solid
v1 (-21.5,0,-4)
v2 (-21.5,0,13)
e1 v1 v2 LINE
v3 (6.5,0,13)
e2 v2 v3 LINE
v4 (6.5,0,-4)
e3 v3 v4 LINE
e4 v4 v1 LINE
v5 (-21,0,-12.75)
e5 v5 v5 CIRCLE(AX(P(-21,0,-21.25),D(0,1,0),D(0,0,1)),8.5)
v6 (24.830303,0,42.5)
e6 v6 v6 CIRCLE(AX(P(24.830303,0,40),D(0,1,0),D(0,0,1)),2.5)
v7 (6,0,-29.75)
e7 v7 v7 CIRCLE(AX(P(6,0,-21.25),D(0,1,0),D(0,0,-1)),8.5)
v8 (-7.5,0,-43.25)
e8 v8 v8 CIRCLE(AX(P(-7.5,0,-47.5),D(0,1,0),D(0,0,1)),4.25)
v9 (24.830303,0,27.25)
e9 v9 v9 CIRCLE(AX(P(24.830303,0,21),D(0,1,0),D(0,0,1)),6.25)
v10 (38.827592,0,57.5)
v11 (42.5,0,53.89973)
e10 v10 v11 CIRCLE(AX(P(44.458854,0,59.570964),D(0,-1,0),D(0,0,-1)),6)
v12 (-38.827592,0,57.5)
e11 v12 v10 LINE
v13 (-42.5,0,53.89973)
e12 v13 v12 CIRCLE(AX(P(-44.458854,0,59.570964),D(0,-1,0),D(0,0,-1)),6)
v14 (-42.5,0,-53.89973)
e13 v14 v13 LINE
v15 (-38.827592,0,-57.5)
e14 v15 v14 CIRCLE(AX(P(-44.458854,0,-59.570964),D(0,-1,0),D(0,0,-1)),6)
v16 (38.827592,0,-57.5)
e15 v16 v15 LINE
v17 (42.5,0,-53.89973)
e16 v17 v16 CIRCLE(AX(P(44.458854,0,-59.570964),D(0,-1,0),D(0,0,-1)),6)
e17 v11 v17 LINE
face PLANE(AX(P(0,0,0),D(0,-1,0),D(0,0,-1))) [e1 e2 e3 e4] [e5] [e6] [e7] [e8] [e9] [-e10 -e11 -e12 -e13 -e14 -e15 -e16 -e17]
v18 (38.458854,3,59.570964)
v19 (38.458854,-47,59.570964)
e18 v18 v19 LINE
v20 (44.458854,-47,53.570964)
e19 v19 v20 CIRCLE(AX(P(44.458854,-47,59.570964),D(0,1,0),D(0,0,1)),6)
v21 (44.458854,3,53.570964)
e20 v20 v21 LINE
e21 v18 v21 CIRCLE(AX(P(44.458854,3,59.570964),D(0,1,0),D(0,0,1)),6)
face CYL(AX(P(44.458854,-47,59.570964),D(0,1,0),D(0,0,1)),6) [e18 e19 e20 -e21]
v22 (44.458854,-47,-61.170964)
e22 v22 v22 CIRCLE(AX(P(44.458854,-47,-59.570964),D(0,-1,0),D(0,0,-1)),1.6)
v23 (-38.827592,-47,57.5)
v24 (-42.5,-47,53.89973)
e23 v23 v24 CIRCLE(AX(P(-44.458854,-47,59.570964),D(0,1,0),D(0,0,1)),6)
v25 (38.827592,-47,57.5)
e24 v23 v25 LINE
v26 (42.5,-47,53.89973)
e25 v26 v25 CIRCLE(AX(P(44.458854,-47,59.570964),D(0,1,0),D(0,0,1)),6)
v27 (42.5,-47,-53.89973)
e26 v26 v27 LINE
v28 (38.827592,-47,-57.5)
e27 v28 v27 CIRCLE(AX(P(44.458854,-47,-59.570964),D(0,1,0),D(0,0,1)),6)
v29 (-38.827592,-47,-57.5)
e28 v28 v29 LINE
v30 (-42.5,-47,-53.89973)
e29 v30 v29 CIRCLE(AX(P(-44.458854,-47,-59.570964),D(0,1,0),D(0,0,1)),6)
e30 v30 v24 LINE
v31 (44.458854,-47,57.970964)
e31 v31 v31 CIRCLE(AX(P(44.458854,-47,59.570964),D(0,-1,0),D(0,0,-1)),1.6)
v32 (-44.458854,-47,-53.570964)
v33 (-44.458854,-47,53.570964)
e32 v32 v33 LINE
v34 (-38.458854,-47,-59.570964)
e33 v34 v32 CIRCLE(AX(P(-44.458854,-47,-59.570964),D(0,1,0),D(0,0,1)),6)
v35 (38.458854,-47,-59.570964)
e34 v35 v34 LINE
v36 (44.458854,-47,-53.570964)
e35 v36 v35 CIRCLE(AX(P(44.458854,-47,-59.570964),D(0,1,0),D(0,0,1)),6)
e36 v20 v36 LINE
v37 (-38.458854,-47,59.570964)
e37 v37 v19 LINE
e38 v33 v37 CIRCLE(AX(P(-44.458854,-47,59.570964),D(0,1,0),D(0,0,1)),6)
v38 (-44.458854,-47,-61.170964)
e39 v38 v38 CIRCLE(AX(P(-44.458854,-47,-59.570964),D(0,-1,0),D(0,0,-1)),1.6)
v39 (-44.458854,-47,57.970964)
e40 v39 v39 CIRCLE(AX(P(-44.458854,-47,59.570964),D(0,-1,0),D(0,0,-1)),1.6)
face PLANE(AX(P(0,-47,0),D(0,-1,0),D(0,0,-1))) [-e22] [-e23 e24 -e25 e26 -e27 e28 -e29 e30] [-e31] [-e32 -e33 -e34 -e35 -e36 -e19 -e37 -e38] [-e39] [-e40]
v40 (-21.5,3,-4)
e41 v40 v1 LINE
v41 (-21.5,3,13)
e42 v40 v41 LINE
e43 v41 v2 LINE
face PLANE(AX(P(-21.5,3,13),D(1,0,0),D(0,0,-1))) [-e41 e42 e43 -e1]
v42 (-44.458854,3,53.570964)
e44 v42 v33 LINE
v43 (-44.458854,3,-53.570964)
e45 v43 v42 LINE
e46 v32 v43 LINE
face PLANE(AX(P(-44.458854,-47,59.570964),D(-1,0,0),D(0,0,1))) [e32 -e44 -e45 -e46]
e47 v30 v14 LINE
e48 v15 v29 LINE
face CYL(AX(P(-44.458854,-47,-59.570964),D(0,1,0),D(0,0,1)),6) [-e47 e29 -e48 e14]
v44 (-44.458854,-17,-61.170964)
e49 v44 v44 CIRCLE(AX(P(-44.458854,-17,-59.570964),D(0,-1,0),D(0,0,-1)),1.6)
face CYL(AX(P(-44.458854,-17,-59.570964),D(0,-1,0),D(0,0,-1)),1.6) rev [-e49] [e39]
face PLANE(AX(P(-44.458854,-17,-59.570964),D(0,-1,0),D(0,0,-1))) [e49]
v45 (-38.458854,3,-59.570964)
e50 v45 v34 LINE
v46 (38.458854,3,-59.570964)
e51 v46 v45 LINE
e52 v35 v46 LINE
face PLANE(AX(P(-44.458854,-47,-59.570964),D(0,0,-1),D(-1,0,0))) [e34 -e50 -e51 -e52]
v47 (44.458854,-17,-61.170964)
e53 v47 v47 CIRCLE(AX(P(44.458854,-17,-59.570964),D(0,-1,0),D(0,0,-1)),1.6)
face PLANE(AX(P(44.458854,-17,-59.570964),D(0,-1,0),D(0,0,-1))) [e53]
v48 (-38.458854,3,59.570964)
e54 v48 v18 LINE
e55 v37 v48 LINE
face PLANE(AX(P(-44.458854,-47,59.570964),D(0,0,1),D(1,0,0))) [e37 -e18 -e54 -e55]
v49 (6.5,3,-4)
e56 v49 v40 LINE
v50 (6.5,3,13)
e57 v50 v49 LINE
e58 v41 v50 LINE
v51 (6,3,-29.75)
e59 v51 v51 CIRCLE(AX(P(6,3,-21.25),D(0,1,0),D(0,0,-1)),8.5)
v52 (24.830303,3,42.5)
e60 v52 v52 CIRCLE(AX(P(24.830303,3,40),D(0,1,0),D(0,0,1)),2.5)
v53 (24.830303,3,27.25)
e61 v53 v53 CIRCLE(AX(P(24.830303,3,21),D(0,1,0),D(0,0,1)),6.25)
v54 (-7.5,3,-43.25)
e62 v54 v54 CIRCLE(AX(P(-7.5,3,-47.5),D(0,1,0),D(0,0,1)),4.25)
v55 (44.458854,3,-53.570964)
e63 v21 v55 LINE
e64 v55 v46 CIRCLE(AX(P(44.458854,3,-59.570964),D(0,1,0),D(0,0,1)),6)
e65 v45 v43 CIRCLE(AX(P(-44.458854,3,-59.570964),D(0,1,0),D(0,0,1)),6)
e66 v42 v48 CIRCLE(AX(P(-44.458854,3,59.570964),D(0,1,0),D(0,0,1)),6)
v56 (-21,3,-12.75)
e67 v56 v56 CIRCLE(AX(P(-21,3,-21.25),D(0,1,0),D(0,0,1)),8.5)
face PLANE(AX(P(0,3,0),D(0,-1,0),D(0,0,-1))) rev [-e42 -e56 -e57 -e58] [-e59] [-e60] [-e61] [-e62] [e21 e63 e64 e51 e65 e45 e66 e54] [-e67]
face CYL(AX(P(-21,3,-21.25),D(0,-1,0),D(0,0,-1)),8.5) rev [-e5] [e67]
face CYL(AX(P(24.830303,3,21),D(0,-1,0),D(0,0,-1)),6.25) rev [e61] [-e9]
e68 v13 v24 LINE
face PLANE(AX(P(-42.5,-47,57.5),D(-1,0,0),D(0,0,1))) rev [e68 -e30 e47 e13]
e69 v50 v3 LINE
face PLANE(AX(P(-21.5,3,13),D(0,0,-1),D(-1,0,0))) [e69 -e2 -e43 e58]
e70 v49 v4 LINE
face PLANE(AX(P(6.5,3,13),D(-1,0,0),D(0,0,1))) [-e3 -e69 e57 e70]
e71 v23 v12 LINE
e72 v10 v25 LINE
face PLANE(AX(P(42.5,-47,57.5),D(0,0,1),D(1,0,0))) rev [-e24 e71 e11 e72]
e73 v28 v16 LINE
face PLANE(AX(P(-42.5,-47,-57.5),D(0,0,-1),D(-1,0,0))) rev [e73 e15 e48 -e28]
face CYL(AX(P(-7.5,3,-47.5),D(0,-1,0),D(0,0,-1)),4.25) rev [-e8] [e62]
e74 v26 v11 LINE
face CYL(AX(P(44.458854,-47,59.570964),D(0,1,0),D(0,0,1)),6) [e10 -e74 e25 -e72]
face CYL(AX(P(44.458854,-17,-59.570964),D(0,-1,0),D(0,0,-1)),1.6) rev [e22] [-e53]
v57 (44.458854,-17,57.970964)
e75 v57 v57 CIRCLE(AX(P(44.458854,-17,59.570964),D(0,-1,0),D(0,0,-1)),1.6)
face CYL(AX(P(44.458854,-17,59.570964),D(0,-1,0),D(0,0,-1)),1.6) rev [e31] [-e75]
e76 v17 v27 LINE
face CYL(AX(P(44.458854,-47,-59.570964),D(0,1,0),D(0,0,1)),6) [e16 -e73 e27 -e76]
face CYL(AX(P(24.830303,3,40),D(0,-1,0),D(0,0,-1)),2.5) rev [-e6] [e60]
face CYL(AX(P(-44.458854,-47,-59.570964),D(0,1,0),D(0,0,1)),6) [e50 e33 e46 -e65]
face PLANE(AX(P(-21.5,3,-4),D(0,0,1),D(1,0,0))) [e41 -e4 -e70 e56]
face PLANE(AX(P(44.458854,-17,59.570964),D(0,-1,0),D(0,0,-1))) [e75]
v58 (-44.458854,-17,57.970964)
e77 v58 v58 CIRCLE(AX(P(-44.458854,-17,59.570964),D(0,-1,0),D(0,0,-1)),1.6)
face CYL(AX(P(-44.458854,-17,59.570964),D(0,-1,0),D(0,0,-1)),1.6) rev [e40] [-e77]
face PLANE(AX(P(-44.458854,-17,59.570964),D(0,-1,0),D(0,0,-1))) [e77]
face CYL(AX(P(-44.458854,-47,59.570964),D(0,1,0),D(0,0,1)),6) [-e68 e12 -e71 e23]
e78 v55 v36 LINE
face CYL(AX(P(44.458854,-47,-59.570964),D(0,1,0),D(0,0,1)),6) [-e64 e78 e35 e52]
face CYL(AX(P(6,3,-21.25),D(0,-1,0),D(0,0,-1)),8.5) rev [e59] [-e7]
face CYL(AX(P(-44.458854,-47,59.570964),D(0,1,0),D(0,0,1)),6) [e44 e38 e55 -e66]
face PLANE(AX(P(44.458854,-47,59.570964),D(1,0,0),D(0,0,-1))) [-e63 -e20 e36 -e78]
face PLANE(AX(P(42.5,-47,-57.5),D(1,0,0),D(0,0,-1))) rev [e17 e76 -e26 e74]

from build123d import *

# Parameters (mm, degrees)
SKETCH1_W           = 85
SKETCH1_H           = 115
SKETCH1_R           = 4.25
SKETCH1_R_2         = 8.5
SKETCH1_R_3         = 6.25
SKETCH1_R_4         = 2.5
SKETCH1_W_2         = 28
SKETCH1_H_2         = 17
BOSS_EXTRUDE1_DEPTH = 3
SKETCH2_W           = 88.917707464
SKETCH2_H           = 119.141928202
SKETCH2_W_2         = 85
SKETCH2_H_2         = 115
BOSS_EXTRUDE2_DEPTH = 50
SKETCH3_R           = 6
BOSS_EXTRUDE3_DEPTH = 50
SKETCH5_R           = 1.6
CUT_EXTRUDE1_DEPTH  = 30


with BuildPart() as part:
    # Sketch1 → Boss-Extrude1 (new body)
    with BuildSketch(Plane(origin=(0, 0, 0), x_dir=(1, 0, 0), z_dir=(0, 1, 0))):
        Rectangle(SKETCH1_W, SKETCH1_H)
        with Locations((-7.5, 47.5)):
            Circle(SKETCH1_R, mode=Mode.SUBTRACT)
        with Locations((-21, 21.25)):
            Circle(SKETCH1_R_2, mode=Mode.SUBTRACT)
        with Locations((6, 21.25)):
            Circle(SKETCH1_R_2, mode=Mode.SUBTRACT)
        with Locations((24.83030278, -21)):
            Circle(SKETCH1_R_3, mode=Mode.SUBTRACT)
        with Locations((24.83030278, -40)):
            Circle(SKETCH1_R_4, mode=Mode.SUBTRACT)
        with Locations((-7.5, -4.5)):
            Rectangle(SKETCH1_W_2, SKETCH1_H_2, mode=Mode.SUBTRACT)
    extrude(amount=BOSS_EXTRUDE1_DEPTH)

    # Sketch2 → Boss-Extrude2 (add)
    with BuildSketch(Plane(origin=(0, 3, 0), x_dir=(1, 0, 0), z_dir=(0, 1, 0))):
        Rectangle(SKETCH2_W, SKETCH2_H)
        Rectangle(SKETCH2_W_2, SKETCH2_H_2, mode=Mode.SUBTRACT)
    extrude(amount=-BOSS_EXTRUDE2_DEPTH)

    # Sketch3 → Boss-Extrude3 (add)
    with BuildSketch(Plane(origin=(0, 3, 0), x_dir=(1, 0, 0), z_dir=(0, 1, 0))):
        with Locations((44.458853732, 59.570964101)):
            Circle(SKETCH3_R)
        with Locations((-44.458853732, 59.570964101)):
            Circle(SKETCH3_R)
        with Locations((44.458853732, -59.570964101)):
            Circle(SKETCH3_R)
        with Locations((-44.458853732, -59.570964101)):
            Circle(SKETCH3_R)
    extrude(amount=-BOSS_EXTRUDE3_DEPTH)

    # Sketch5 → Cut-Extrude1 (cut)
    with BuildSketch(Plane.XZ.offset(47)):
        with Locations((-44.458853732, 59.570964101)):
            Circle(SKETCH5_R)
        with Locations((44.458853732, 59.570964101)):
            Circle(SKETCH5_R)
        with Locations((44.458853732, -59.570964101)):
            Circle(SKETCH5_R)
        with Locations((-44.458853732, -59.570964101)):
            Circle(SKETCH5_R)
    extrude(amount=-CUT_EXTRUDE1_DEPTH, mode=Mode.SUBTRACT)


solid = part.part
